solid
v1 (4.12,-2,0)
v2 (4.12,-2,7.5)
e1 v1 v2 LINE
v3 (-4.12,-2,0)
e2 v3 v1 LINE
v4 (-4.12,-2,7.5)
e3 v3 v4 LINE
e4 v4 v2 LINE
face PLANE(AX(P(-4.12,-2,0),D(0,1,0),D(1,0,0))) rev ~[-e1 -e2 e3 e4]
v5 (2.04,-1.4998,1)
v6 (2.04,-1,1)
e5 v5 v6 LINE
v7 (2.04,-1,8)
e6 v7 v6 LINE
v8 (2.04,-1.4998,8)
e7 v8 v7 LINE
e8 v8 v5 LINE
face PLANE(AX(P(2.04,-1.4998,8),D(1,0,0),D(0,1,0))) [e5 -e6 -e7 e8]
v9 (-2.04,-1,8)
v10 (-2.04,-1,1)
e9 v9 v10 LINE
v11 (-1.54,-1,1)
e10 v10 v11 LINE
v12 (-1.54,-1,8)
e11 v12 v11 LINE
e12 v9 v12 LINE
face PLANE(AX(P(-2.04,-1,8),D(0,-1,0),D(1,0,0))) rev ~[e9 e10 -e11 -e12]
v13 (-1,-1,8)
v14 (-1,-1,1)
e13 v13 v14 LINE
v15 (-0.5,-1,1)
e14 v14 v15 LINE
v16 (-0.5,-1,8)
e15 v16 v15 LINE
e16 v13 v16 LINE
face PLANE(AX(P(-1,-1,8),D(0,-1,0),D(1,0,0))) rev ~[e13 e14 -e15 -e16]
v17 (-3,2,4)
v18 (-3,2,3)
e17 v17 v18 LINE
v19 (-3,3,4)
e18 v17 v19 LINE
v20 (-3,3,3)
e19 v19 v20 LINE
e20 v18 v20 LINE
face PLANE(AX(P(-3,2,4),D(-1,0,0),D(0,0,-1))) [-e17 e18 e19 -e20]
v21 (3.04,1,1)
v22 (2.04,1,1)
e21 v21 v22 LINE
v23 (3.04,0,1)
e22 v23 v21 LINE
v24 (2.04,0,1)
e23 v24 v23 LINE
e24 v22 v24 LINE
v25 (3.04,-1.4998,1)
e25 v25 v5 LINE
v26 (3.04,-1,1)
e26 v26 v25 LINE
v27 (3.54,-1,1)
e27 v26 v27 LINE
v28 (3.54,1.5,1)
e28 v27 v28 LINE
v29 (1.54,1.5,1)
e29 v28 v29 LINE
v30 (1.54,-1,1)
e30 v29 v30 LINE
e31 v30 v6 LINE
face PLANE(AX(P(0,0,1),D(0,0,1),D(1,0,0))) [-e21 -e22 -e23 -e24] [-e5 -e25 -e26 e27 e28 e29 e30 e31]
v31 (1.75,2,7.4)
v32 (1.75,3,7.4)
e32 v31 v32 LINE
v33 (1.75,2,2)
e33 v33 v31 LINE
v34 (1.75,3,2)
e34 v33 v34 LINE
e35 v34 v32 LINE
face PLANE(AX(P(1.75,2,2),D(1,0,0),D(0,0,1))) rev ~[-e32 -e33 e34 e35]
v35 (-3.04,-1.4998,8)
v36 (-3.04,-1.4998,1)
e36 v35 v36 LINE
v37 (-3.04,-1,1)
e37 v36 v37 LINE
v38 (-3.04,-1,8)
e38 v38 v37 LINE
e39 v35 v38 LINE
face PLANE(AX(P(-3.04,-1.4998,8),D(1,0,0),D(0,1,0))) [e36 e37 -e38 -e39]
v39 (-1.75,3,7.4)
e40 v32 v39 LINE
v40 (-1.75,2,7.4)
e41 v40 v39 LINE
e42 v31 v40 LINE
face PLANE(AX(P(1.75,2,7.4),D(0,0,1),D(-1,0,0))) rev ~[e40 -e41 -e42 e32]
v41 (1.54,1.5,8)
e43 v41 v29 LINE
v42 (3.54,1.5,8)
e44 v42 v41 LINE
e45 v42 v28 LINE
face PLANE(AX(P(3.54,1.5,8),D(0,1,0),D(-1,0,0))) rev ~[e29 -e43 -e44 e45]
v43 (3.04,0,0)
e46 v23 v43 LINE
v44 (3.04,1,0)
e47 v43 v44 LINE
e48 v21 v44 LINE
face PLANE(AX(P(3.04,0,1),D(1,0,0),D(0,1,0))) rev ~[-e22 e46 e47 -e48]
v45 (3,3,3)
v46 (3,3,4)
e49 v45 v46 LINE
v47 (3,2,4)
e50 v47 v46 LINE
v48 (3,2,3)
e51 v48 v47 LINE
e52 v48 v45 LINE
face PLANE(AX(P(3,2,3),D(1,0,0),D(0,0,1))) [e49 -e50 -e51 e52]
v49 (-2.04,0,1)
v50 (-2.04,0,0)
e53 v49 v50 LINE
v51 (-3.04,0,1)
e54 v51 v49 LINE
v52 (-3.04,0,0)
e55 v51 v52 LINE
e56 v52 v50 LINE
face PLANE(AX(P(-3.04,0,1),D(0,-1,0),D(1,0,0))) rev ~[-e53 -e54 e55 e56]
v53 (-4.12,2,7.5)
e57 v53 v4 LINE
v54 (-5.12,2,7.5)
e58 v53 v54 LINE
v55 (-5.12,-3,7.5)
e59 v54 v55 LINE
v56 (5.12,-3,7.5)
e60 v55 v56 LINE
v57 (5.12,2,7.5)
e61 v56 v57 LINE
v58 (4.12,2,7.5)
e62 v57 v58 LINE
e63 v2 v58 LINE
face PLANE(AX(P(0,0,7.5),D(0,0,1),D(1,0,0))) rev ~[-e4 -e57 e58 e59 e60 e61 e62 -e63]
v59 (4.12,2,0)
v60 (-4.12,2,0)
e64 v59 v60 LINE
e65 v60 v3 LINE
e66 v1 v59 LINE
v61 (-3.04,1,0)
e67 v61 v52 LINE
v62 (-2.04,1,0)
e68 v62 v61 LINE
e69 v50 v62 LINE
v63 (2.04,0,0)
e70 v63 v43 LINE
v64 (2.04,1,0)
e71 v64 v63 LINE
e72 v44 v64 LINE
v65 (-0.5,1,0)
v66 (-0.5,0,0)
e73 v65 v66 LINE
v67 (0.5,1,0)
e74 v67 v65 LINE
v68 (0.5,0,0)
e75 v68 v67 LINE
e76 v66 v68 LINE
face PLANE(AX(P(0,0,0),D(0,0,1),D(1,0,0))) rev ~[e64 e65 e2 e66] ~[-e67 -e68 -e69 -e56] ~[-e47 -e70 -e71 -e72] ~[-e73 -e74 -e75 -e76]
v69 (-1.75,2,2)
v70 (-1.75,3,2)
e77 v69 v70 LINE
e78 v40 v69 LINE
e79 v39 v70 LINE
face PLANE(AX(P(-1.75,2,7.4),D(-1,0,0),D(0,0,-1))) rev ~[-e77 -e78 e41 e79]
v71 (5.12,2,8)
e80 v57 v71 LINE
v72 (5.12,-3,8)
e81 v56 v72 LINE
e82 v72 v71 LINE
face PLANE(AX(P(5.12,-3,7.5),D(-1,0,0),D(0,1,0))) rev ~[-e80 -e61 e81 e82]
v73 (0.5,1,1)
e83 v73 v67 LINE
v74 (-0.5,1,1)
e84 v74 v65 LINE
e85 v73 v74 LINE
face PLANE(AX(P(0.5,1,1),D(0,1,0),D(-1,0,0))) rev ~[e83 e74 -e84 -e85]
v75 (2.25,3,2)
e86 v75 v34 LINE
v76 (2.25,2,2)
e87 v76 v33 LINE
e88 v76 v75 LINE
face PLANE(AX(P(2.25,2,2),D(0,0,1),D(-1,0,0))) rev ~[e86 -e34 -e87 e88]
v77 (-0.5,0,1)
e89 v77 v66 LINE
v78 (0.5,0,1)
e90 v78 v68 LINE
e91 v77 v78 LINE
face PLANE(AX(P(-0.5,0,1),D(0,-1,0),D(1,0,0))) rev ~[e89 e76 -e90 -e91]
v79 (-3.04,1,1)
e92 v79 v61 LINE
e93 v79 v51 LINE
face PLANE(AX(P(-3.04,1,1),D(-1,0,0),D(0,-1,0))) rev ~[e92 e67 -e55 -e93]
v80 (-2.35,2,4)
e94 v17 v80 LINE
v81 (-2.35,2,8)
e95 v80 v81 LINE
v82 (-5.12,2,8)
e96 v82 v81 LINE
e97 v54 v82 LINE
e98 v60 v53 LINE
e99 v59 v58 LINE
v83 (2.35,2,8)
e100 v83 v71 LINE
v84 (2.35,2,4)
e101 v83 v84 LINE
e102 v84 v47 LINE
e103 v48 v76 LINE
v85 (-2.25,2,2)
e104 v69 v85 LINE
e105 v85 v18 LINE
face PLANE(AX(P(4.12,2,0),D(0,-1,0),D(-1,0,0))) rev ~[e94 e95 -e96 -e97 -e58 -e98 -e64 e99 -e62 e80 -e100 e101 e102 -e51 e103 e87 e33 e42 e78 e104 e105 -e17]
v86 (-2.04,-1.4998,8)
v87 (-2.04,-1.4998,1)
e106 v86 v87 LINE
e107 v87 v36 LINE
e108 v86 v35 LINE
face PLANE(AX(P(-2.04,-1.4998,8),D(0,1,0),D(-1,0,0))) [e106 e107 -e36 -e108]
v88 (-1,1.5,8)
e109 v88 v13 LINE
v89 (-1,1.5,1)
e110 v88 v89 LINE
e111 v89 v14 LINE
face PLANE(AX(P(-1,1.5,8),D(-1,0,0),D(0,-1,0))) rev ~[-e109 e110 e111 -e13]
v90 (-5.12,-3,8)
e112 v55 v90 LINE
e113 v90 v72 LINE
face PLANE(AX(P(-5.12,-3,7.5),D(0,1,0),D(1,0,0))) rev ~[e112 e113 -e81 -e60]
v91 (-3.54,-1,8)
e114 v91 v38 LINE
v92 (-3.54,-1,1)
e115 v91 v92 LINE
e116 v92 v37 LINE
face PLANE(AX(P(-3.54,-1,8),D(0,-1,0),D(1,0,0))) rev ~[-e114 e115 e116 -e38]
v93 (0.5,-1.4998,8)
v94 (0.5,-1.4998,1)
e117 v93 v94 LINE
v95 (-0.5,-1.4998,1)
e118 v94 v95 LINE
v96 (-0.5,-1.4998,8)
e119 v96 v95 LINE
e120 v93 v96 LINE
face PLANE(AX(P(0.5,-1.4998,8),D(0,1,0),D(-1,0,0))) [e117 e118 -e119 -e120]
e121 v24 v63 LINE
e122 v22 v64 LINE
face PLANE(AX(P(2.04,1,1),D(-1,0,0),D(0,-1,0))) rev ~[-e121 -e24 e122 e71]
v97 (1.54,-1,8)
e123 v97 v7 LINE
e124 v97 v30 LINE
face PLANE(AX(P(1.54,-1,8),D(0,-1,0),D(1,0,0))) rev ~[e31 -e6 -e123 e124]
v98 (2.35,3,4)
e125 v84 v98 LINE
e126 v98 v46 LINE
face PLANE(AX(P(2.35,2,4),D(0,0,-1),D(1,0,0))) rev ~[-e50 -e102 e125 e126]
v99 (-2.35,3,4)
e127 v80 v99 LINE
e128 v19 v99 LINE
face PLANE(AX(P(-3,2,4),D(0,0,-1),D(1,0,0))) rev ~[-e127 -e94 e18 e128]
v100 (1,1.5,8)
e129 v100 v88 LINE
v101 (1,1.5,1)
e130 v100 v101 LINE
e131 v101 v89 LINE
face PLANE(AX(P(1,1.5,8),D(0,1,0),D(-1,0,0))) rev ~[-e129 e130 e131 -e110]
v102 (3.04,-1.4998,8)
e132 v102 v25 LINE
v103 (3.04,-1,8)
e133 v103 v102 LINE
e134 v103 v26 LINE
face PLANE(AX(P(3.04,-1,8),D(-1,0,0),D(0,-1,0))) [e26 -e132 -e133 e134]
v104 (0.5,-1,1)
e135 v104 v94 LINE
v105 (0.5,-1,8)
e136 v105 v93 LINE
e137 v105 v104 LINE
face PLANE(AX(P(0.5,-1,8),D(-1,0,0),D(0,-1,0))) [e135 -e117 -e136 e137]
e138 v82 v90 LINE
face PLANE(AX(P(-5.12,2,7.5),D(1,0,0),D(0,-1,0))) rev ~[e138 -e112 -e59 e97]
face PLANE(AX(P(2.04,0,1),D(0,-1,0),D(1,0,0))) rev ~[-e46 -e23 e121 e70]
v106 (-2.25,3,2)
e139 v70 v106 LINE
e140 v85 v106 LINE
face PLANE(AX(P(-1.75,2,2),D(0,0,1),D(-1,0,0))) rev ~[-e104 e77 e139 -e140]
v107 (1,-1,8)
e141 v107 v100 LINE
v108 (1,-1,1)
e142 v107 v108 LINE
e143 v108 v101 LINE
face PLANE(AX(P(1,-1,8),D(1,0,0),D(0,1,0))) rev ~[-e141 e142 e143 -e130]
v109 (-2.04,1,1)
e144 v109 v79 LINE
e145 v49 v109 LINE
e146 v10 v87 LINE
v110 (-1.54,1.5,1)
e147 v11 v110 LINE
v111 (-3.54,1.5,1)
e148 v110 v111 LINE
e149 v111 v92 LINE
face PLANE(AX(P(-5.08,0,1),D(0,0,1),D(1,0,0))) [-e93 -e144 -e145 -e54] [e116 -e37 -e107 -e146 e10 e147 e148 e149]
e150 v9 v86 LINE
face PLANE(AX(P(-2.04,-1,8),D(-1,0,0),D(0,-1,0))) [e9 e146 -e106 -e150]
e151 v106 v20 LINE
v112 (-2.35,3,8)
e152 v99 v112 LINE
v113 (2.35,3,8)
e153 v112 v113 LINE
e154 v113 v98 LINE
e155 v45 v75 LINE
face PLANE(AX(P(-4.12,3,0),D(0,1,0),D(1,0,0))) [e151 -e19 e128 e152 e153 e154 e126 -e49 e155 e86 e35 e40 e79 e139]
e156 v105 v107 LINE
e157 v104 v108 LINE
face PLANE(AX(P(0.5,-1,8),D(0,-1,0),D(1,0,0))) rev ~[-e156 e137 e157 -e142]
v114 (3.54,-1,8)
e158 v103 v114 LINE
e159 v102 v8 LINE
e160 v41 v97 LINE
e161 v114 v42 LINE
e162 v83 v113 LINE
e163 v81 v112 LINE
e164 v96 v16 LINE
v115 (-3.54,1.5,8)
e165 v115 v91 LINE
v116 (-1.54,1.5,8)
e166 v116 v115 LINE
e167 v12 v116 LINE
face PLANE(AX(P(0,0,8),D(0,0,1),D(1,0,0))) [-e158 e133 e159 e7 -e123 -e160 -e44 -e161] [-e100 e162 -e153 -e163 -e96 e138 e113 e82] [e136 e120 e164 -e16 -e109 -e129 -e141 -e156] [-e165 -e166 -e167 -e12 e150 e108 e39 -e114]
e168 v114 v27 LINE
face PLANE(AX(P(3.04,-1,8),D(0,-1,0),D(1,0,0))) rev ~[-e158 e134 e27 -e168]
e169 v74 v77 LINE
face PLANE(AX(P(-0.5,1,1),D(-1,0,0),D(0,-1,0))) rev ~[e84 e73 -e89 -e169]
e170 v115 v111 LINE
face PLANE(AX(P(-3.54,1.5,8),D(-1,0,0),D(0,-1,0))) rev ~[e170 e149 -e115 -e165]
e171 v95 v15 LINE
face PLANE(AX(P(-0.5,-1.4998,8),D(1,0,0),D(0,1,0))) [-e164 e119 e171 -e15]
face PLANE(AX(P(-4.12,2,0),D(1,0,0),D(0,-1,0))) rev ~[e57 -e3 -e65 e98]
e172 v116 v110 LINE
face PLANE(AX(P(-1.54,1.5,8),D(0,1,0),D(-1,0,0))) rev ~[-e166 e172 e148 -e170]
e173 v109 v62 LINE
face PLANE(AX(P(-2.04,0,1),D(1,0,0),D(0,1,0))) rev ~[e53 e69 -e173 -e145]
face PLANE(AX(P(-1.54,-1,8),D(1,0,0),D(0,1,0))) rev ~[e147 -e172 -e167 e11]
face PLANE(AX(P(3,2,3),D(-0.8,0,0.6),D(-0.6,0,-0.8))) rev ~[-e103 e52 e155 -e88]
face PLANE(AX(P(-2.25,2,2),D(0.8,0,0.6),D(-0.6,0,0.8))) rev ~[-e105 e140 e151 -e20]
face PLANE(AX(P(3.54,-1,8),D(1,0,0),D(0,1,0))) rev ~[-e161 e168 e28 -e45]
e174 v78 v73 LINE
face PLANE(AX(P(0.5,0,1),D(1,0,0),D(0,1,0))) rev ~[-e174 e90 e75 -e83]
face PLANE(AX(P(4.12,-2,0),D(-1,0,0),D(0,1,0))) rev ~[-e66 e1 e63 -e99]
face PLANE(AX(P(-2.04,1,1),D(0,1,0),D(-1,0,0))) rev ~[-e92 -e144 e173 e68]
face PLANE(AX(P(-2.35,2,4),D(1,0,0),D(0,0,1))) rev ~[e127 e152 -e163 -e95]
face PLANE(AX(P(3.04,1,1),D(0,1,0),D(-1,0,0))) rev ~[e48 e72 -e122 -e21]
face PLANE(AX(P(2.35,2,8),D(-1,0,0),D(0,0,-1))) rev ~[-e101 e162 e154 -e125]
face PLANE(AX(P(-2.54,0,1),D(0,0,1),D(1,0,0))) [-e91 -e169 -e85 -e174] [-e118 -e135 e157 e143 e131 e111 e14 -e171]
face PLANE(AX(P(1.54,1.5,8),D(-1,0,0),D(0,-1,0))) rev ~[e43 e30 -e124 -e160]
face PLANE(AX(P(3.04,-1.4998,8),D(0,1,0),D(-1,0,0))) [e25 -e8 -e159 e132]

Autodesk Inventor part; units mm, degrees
ref_plane "YZ Plane" through (0, 0, 0) normal (1, 0, 0) x (0, 1, 0)
ref_plane "XZ Plane" through (0, 0, 0) normal (0, 1, 0) x (-1, 0, 0)
ref_plane "XY Plane" through (0, 0, 0) normal (0, 0, 1) x (1, 0, 0)
sketch "Esquisse1" plane through (0, 0, 0) normal (0, 0, 1) x (1, 0, 0)
  line L0 (-4.12, -2) -> (4.12, -2)
  line L1 (4.12, -2) -> (4.12, 2)
  line L2 (4.12, 2) -> (-4.12, 2)
  line L3 (-4.12, 2) -> (-4.12, -2)
  line L4 (-4.12, -2) -> (4.12, 2) construction
  line L5 (4.12, -2) -> (-4.12, 2) construction
  point P0 (0, 0)
  dimension "d0" = 8.24
  dimension "d1" = 4
extrude "Embase" add sketch "Esquisse1" along normal blind 7.5
sketch "Esquisse2" plane through (0, 0, 7.5) normal (0, 0, 1) x (1, 0, 0)
  line L0 (-5.12, -3) -> (5.12, -3)
  line L1 (5.12, -3) -> (5.12, 2)
  line L2 (5.12, 2) -> (-5.12, 2)
  line L3 (-5.12, 2) -> (-5.12, -3)
  line L4 (-5.12, -3) -> (5.12, 2) construction
  line L5 (5.12, -3) -> (-5.12, 2) construction
  line L6 (4.12, 2) -> (-4.12, 2) projected
  line L7 (4.12, -2) -> (4.12, 2) projected
  point P0 (0, -0.5)
  point P1 (0, 0)
  point P2 (0, -0.5)
  dimension "d5" = 5
  dimension "d9" = 1
extrude "Epaulement" add sketch "Esquisse2" along normal blind 0.5
sketch "Esquisse4" plane through (-4.12, 2, 0) normal (0, 1, 0) x (1, 0, 0)
  line L0 (5.87, -2) -> (5.87, -7.4)
  line L1 (5.87, -7.4) -> (2.37, -7.4)
  line L2 (2.37, -7.4) -> (2.37, -2)
  line L3 (2.37, -2) -> (1.87, -2)
  line L4 (1.87, -2) -> (1.12, -3)
  line L5 (1.12, -4) -> (1.77, -4)
  line L6 (1.77, -4) -> (1.77, -8)
  line L7 (1.77, -8) -> (6.47, -8)
  line L8 (6.47, -8) -> (6.47, -4)
  line L9 (6.47, -4) -> (7.12, -4)
  line L10 (7.12, -3) -> (6.37, -2)
  line L11 (6.37, -2) -> (5.87, -2)
  line L12 (8.24, 0) -> (0, 0) projected
  line L13 (9.24, -8) -> (-1, -8) construction
  line L14 (7.12, -3) -> (7.12, -4)
  line L15 (1.12, -4) -> (1.12, -3)
  point P0 (4.12, 0)
  point P1 (4.12, -7.4)
  point P2 (4.12, 0)
  dimension "d10" = 0.6
  dimension "d11" = 0.6
  dimension "Entre_clip" = 3.5
  dimension "d13" = 6
  dimension "d14" = 4
  dimension "d15" = 1
  dimension "d16" = 0.6
  dimension "d18" = 0.5
  dimension "d21" = 0.65
extrude "Clip" add sketch "Esquisse4" along normal blind 1
sketch "Esquisse5" plane through (0, 0, 8) normal (0, 0, 1) x (1, 0, 0)
  line L0 (3.54, -1) -> (3.54, 1.5)
  line L1 (3.54, 1.5) -> (1.54, 1.5)
  line L2 (1.54, 1.5) -> (1.54, -1)
  line L3 (5.12, -3) -> (5.12, 2) projected
  line L4 (2.54, 1.25) -> (2.54, -1.75) construction
  line L5 (3.04, -1) -> (3.04, -1.4998)
  line L6 (3.04, -1.4998) -> (2.04, -1.4998)
  line L7 (2.04, -1.4998) -> (2.04, -1)
  line L8 (1.54, -1) -> (2.04, -1)
  line L9 (3.04, -1) -> (3.54, -1)
  line L10 (5.12, 2) -> (2.35, 2) projected
  point P0 (0, 0)
  point P1 (2.04, 1.5)
  point P2 (3.54, 0.25)
  point P3 (5.12, -0.5)
  point P4 (2.54, -1.713)
  point P5 (2.54, -1.4998)
  point P6 (2.54, 1.5)
  dimension "d22" = 2.58
  dimension "d24" = 2.5
  dimension "d34" = 0.4998
  dimension "d35" = 1
  dimension "d36" = 2
  dimension "d37" = 0.5
extrude "Extrusion4" cut sketch "Esquisse5" against normal blind 7
sketch "Esquisse6" plane through (0, 0, 1) normal (0, 0, 1) x (1, 0, 0)
  line L0 (2.04, 0) -> (3.04, 0)
  line L1 (3.04, 0) -> (3.04, 1)
  line L2 (3.04, 1) -> (2.04, 1)
  line L3 (2.04, 1) -> (2.04, 0)
  line L4 (2.04, -1) -> (1.54, -1) projected
  line L5 (1.54, 1.5) -> (3.54, 1.5) projected
  line L6 (3.04, -1.4998) -> (2.04, -1.4998) projected
  point P0 (0, 0)
  point P1 (2.54, 1)
  point P2 (2.96, -1.75)
  point P3 (2.54, 0)
  point P4 (2.54, -1.4998)
  dimension "d29" = 1
  dimension "d30" = 1
  dimension "d38" = 0.5
extrude "Extrusion5" cut sketch "Esquisse6" against normal through all
pattern_linear "Réseau rectangulaire1" count 3 spacing 2.54 along (-1, 0, 0) of "Extrusion4", "Extrusion5"
equation "\"d11\" = d10"
equation "\"Entre_clip\" = 1.16667 * Nb_broche"
equation "\"d16\" = d11"
equation "\"Pas\" = 2.54"
equation "\"Nb_broche\" = 3"
properties part number "Connecteur JST 3 Broches Male" material "Plastique ABS"
